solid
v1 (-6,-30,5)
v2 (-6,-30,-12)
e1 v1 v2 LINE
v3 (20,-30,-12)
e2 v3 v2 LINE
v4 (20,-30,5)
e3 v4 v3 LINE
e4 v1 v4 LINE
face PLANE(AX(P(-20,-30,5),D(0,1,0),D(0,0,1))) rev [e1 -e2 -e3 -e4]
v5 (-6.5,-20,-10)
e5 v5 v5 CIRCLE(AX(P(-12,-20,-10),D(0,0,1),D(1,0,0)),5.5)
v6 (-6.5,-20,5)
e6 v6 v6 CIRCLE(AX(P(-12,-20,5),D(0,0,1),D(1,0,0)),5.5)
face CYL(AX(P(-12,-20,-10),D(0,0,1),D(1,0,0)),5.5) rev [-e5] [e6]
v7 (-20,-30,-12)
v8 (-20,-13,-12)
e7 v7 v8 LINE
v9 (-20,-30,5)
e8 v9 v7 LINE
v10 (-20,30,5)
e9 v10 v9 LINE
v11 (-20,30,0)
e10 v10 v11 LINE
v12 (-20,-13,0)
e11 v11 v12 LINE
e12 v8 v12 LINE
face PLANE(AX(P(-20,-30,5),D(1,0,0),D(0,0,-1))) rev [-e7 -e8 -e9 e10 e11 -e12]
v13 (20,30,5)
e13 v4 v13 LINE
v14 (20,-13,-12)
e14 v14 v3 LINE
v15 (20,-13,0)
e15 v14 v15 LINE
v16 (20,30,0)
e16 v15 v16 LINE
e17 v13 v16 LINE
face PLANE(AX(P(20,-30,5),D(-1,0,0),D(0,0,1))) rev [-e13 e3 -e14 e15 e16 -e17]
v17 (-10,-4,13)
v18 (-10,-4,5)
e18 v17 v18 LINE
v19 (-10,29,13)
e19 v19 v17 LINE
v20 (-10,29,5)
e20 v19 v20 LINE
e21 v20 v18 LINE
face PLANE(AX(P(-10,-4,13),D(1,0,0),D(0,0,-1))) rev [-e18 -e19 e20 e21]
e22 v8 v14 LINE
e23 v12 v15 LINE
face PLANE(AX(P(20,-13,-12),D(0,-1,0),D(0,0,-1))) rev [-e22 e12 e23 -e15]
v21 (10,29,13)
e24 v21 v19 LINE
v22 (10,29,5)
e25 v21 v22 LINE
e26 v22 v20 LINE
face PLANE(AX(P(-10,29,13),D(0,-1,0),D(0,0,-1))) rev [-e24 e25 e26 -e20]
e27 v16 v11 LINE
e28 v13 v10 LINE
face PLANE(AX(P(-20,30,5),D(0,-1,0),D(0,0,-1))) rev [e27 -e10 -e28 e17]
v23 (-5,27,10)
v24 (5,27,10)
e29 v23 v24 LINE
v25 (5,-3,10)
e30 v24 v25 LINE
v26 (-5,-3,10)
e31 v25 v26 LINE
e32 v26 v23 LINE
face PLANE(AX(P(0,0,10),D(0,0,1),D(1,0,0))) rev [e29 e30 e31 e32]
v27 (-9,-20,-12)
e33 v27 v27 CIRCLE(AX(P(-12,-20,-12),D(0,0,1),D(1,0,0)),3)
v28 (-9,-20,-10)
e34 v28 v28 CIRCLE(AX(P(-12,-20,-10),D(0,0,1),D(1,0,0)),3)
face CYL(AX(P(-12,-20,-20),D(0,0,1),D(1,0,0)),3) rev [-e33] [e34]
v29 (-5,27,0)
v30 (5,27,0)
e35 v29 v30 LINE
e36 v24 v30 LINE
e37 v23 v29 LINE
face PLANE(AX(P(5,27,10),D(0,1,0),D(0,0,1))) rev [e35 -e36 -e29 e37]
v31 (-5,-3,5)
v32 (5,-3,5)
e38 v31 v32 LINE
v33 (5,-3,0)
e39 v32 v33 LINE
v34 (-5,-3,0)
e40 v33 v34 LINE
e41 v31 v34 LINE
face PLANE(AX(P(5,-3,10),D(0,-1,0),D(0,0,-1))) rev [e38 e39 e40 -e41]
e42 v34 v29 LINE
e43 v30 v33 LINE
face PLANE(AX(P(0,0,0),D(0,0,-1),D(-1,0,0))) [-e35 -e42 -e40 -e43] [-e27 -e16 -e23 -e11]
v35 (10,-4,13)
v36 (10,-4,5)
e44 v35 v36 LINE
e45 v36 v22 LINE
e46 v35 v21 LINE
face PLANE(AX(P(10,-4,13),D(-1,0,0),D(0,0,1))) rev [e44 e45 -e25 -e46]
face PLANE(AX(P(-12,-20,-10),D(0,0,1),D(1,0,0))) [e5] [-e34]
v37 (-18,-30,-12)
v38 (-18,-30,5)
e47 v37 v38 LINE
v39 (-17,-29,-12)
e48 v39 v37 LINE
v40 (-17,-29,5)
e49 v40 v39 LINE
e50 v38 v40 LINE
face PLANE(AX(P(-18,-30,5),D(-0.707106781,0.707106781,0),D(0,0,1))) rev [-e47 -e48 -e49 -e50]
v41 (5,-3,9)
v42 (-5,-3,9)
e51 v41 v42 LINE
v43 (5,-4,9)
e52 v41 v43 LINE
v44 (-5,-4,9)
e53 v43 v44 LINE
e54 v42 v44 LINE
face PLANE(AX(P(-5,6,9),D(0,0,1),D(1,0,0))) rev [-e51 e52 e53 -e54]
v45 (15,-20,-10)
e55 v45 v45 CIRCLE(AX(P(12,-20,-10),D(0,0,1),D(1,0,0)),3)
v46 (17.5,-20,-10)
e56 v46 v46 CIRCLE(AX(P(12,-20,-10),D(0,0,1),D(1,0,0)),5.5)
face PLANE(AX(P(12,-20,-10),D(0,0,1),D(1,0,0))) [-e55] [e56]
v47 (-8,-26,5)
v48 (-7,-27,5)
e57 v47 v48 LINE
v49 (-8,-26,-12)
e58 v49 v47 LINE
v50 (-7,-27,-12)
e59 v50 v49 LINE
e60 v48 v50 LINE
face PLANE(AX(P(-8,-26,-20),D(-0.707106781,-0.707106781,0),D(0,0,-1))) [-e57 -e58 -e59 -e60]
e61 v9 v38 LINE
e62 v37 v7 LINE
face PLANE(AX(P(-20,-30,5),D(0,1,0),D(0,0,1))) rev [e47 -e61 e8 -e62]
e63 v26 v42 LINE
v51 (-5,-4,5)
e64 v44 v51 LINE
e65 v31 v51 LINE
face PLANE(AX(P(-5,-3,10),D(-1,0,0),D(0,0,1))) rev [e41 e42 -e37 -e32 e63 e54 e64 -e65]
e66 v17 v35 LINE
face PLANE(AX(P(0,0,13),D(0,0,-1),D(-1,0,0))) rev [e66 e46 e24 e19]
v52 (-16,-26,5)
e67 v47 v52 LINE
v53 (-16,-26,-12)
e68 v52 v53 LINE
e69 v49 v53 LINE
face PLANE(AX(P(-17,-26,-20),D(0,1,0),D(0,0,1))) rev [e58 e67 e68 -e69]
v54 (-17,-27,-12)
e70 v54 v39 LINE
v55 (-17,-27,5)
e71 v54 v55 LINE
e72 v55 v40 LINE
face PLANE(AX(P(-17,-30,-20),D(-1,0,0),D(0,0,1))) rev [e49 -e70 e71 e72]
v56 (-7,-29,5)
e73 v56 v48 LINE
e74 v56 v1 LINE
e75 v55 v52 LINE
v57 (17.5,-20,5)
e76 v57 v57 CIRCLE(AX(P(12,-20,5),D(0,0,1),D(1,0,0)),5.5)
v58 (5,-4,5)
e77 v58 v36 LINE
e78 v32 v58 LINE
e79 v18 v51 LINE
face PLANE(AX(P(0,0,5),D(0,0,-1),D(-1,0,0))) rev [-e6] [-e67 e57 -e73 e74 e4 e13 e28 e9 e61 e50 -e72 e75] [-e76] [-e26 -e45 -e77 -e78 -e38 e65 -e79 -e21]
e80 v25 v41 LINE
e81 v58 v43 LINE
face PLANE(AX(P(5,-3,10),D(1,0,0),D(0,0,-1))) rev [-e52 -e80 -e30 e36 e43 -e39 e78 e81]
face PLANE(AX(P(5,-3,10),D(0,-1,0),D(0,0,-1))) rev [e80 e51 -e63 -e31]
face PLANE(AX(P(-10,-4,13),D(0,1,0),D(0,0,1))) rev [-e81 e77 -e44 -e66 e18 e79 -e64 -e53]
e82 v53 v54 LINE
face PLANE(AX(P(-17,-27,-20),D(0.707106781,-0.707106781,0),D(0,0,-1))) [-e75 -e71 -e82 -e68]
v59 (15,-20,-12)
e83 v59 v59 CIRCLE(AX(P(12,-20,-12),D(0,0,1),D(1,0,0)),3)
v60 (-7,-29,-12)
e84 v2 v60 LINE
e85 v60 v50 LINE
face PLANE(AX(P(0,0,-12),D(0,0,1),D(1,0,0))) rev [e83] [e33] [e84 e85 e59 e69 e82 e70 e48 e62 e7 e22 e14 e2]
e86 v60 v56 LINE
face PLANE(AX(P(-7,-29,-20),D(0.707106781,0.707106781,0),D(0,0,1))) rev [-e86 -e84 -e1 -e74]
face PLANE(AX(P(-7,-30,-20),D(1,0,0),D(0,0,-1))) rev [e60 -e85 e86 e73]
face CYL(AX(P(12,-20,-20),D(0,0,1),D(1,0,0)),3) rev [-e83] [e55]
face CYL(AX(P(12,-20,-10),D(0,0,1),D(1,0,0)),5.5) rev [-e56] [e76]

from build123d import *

# Parameters (mm, degrees)
SKETCH_1_W          = 40
SKETCH_1_H          = 60
EXTRUDE_1_DEPTH     = 5
SKETCH_2_W          = 40
SKETCH_2_H          = 17
EXTRUDE_2_DEPTH     = 12
SKETCH_3_R          = 5.5
CUT_EXTRUDE_1_DEPTH = 15
SKETCH_4_R          = 3
CUT_EXTRUDE_2_DEPTH = 10
SKETCH_7_W          = 20
SKETCH_7_H          = 33
EXTRUDE_4_DEPTH     = 8
SKETCH_8_W          = 10
SKETCH_8_H          = 30
CUT_EXTRUDE_3_DEPTH = 10
SKETCH_9_W          = 10
SKETCH_9_H          = 4
CUT_EXTRUDE_4_DEPTH = 10
SKETCH_10_W         = 10
SKETCH_10_H         = 4
CUT_EXTRUDE_5_DEPTH = 25
CHAMFER_1_SIZE      = 1


with BuildPart() as part:
    # 草图1 → 凸台-拉伸1 (new body)
    with BuildSketch(Plane.XY):
        Rectangle(SKETCH_1_W, SKETCH_1_H)
    extrude(amount=EXTRUDE_1_DEPTH)

    # 草图2 → 凸台-拉伸2 (add)
    with BuildSketch(Plane(origin=(0, 0, 0), x_dir=(-1, 0, 0), z_dir=(0, 0, -1))):
        with Locations((0, -21.5)):
            Rectangle(SKETCH_2_W, SKETCH_2_H)
    extrude(amount=EXTRUDE_2_DEPTH)

    # 草图3 → 切除-拉伸1 (cut)
    with BuildSketch(Plane.XY.offset(5)):
        with Locations((-12, -20)):
            Circle(SKETCH_3_R)
        with Locations((12, -20)):
            Circle(SKETCH_3_R)
    extrude(amount=-CUT_EXTRUDE_1_DEPTH, mode=Mode.SUBTRACT)

    # 草图4 → 切除-拉伸2 (cut)
    with BuildSketch(Plane.XY.offset(-10)):
        with Locations((-12, -20)):
            Circle(SKETCH_4_R)
        with Locations((12, -20)):
            Circle(SKETCH_4_R)
    extrude(amount=-CUT_EXTRUDE_2_DEPTH, mode=Mode.SUBTRACT)

    # 草图7 → 凸台-拉伸4 (add)
    with BuildSketch(Plane.XY.offset(5)):
        with Locations((0, 12.5)):
            Rectangle(SKETCH_7_W, SKETCH_7_H)
    extrude(amount=EXTRUDE_4_DEPTH)

    # 草图8 → 切除-拉伸3 (cut)
    with BuildSketch(Plane(origin=(0, 0, 0), x_dir=(-1, 0, 0), z_dir=(0, 0, -1))):
        with Locations((0, 12)):
            Rectangle(SKETCH_8_W, SKETCH_8_H)
    extrude(amount=-CUT_EXTRUDE_3_DEPTH, mode=Mode.SUBTRACT)

    # 草图9 → 切除-拉伸4 (cut)
    with BuildSketch(Plane.XZ.offset(4)):
        with Locations((0, 7)):
            Rectangle(SKETCH_9_W, SKETCH_9_H)
    extrude(amount=-CUT_EXTRUDE_4_DEPTH, mode=Mode.SUBTRACT)

    # 草图10 → 切除-拉伸5 (cut)
    with BuildSketch(Plane.XY.offset(5)):
        with Locations((-12, -28)):
            Rectangle(SKETCH_10_W, SKETCH_10_H)
    extrude(amount=-CUT_EXTRUDE_5_DEPTH, mode=Mode.SUBTRACT)

    # 倒角1
    chamfer_1_edges = [part.edges().sort_by_distance(p)[0] for p in [
        (-17, -30, -3.5),
        (-17, -26, -3.5),
        (-7, -26, -3.5),
        (-7, -30, -3.5),
    ]]
    chamfer(chamfer_1_edges, length=CHAMFER_1_SIZE)


solid = part.part
